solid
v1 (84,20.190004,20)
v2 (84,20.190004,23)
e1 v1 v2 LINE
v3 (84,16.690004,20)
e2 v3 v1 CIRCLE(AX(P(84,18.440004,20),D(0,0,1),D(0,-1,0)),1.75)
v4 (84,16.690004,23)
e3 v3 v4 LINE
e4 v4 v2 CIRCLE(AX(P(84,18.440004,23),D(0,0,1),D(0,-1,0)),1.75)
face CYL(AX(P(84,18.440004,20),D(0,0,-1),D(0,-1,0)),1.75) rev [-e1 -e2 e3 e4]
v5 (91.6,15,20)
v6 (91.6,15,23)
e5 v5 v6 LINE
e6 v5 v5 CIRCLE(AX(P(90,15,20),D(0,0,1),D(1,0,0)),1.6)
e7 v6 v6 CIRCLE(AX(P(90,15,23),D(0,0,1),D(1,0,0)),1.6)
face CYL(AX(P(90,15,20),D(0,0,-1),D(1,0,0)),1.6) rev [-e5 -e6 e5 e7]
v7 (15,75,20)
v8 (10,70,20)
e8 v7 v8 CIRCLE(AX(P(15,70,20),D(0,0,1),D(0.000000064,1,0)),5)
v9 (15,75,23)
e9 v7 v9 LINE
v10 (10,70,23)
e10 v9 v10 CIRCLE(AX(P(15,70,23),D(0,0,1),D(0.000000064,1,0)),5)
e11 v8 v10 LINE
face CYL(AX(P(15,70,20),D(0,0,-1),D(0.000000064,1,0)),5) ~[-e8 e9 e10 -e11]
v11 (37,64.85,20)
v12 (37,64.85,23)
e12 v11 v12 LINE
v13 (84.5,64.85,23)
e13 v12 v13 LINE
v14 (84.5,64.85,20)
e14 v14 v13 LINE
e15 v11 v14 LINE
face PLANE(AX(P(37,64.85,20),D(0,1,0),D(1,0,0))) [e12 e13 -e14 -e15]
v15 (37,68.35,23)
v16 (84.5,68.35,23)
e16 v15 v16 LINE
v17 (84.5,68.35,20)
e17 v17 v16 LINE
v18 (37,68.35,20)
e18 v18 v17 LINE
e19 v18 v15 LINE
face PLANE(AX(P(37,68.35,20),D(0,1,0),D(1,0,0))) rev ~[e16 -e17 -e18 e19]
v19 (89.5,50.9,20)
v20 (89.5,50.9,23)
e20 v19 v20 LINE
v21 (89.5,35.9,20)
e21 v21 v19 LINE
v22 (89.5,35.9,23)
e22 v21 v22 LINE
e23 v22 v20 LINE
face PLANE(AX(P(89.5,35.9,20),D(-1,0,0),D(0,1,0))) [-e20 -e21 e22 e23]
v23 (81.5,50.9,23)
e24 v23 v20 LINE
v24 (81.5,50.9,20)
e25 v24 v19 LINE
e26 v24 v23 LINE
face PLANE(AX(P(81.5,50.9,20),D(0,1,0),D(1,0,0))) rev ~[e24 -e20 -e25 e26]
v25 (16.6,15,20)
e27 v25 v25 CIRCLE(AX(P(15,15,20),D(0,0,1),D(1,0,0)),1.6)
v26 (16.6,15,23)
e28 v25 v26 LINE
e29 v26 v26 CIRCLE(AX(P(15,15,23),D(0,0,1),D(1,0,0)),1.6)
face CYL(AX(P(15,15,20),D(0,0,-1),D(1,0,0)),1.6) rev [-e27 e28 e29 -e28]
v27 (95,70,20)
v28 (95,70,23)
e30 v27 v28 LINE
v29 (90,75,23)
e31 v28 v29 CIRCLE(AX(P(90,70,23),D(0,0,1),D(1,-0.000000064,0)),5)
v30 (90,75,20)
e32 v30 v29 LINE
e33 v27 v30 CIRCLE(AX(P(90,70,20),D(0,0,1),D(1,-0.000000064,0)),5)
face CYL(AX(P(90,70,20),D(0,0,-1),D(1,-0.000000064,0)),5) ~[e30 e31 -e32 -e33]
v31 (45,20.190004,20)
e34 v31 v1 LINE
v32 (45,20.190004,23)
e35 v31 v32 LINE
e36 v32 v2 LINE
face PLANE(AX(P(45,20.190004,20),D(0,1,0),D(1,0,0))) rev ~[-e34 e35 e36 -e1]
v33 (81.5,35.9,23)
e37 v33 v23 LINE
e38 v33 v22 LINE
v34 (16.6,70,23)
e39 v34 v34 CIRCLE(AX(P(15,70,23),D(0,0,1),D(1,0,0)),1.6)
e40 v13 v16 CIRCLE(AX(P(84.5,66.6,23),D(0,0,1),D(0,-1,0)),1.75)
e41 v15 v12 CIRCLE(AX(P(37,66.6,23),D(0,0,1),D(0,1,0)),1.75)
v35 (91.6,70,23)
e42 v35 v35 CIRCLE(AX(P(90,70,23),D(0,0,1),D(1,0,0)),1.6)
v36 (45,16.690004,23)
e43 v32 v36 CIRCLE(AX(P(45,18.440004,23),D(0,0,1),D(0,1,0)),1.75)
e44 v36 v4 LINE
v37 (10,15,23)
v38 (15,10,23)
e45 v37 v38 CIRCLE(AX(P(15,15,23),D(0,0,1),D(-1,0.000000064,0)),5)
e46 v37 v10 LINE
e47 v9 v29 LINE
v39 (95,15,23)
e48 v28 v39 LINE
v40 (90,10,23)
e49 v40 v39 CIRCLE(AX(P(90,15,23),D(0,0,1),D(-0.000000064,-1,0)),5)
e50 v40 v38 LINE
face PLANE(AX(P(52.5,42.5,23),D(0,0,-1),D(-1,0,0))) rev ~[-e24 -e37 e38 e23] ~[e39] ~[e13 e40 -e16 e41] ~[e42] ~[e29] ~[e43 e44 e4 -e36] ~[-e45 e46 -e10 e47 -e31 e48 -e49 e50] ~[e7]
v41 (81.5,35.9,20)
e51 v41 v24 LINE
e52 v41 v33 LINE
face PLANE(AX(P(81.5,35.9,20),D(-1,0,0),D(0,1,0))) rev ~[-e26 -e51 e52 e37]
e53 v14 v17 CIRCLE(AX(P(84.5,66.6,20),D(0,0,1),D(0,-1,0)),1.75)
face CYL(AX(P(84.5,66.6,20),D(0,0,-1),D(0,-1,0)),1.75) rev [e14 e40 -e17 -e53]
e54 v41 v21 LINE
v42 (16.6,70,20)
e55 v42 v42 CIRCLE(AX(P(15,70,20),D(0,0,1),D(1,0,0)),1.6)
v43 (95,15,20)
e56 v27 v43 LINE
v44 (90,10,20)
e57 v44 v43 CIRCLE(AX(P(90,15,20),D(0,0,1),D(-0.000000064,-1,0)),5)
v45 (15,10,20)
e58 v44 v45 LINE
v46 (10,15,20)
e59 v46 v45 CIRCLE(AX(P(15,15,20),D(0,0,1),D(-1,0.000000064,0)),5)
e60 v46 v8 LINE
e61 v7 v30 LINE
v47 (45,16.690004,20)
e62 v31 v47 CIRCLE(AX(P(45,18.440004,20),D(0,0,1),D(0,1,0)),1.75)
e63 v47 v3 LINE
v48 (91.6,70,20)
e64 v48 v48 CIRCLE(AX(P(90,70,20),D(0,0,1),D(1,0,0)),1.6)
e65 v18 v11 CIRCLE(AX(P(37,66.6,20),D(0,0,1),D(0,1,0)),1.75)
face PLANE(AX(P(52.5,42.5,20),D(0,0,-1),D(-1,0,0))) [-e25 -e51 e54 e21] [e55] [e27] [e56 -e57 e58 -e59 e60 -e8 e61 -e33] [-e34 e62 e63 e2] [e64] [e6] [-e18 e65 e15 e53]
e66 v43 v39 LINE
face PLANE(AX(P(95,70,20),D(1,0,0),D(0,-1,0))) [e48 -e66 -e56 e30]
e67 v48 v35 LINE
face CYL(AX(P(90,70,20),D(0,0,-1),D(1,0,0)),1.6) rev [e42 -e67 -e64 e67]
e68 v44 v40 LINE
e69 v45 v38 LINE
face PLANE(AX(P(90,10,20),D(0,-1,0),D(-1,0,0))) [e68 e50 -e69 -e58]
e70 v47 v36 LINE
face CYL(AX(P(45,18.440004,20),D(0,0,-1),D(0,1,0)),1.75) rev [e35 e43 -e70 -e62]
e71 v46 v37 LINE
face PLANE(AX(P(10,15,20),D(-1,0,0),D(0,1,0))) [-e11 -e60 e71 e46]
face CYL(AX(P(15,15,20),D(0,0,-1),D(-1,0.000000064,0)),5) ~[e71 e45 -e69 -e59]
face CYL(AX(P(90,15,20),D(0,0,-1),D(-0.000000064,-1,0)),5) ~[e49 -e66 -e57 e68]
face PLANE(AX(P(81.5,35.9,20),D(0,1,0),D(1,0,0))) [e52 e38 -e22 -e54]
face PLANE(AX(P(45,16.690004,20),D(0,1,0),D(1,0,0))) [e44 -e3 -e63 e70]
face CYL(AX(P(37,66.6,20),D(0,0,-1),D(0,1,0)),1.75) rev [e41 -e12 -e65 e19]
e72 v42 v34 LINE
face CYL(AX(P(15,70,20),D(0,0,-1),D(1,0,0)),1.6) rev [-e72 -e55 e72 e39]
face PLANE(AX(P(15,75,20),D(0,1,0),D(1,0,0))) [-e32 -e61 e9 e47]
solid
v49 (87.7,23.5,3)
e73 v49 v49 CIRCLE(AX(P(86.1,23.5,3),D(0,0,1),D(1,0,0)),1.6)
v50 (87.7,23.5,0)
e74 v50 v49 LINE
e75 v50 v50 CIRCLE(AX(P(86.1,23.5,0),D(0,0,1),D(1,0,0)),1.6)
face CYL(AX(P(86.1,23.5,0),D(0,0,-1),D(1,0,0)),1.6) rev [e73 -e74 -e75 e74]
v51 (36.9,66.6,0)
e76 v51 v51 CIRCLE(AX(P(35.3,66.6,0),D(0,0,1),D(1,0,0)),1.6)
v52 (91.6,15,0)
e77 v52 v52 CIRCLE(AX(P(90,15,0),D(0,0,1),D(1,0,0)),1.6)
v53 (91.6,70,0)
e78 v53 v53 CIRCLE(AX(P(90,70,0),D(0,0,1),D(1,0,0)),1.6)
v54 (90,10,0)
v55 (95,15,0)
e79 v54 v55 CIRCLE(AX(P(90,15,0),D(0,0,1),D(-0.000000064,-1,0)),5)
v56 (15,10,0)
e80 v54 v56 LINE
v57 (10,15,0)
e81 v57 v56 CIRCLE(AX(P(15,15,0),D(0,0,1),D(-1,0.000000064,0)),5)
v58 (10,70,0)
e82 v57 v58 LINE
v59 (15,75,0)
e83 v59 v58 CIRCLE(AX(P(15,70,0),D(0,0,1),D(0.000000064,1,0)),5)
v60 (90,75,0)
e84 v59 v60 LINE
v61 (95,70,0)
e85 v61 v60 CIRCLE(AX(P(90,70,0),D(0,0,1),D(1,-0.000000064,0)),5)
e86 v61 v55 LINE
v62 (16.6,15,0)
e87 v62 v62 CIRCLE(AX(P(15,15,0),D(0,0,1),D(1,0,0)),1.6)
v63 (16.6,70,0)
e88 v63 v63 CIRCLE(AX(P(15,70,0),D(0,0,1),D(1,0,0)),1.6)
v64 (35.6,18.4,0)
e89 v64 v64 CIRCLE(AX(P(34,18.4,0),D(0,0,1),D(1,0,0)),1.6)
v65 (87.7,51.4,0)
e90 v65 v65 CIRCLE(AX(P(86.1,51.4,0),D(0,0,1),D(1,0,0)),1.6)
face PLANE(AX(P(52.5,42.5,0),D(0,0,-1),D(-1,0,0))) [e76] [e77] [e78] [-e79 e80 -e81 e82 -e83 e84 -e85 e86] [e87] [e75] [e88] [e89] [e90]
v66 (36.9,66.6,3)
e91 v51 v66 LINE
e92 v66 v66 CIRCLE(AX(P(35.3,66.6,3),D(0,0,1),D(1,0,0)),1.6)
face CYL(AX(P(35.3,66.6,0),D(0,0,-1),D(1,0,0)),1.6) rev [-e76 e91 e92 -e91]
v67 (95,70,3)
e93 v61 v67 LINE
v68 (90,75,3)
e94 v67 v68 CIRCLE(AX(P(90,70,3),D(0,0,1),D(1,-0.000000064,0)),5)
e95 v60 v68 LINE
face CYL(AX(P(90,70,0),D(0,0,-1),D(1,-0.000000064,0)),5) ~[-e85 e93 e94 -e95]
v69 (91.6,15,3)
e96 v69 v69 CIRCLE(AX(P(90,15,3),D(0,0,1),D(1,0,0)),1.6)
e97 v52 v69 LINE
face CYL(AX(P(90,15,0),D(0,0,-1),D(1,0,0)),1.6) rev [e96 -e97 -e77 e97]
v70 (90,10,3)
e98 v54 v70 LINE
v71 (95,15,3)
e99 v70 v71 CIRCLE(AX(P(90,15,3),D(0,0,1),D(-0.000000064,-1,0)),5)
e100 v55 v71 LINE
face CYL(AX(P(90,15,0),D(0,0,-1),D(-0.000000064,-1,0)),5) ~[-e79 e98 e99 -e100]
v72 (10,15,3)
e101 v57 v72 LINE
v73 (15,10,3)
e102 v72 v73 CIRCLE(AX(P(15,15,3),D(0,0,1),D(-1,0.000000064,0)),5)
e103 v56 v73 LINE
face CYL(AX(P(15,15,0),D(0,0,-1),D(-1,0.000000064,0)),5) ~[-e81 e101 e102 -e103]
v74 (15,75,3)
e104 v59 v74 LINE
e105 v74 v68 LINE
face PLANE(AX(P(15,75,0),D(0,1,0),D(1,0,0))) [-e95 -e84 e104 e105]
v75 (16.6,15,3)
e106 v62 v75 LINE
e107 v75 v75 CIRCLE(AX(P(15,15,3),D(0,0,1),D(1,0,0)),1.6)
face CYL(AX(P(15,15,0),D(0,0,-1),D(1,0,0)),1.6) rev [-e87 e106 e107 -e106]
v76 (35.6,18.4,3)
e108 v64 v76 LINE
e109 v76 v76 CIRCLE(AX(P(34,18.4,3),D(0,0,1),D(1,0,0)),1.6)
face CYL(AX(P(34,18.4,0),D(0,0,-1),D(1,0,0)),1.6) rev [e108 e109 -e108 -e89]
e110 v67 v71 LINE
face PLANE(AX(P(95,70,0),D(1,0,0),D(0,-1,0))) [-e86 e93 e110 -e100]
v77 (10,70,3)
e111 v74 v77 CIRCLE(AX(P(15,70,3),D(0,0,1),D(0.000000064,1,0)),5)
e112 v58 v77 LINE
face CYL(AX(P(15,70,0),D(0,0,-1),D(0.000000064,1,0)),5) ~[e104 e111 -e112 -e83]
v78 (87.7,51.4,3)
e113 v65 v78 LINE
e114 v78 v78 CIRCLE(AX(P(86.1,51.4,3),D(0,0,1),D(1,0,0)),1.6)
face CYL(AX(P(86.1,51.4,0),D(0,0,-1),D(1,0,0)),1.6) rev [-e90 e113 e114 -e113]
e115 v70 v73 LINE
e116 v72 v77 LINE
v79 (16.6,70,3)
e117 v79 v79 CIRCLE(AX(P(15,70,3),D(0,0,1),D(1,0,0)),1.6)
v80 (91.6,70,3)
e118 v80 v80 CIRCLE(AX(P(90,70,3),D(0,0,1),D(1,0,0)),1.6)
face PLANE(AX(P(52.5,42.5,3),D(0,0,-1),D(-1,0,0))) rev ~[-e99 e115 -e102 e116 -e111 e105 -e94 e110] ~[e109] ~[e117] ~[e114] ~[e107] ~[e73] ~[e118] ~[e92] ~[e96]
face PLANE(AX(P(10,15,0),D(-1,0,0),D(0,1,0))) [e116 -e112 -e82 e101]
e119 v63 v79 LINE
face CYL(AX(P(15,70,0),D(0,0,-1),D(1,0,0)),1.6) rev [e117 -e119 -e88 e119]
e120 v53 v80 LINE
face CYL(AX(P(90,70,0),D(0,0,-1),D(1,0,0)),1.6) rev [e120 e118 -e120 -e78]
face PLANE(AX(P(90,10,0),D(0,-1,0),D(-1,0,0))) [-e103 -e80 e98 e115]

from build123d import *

# Parameters (mm, degrees)
SKETCH_R     = 1.6
PAD_DEPTH    = 3
SKETCH001_R  = 1.6
SKETCH001_W  = 8
SKETCH001_H  = 15
PAD001_DEPTH = 3


with BuildPart() as bottom:
    # Sketch → Pad (new body)
    with BuildSketch(Plane.XY):
        with BuildLine():
            Line((15, 75), (90, 75))
            ThreePointArc((95, 70), (93.535534, 73.535534), (90, 75))
            Line((95, 70), (95, 15))
            ThreePointArc((90, 10), (93.535534, 11.464466), (95, 15))
            Line((90, 10), (15, 10))
            ThreePointArc((10, 15), (11.464466, 11.464466), (15, 10))
            Line((10, 15), (10, 70))
            ThreePointArc((15, 75), (11.464466, 73.535534), (10, 70))
        make_face()
        with Locations((15, 70)):
            Circle(SKETCH_R, mode=Mode.SUBTRACT)
        with Locations((90, 70)):
            Circle(SKETCH_R, mode=Mode.SUBTRACT)
        with Locations((15, 15)):
            Circle(SKETCH_R, mode=Mode.SUBTRACT)
        with Locations((90, 15)):
            Circle(SKETCH_R, mode=Mode.SUBTRACT)
        with Locations((35.3, 66.6)):
            Circle(SKETCH_R, mode=Mode.SUBTRACT)
        with Locations((34, 18.4)):
            Circle(SKETCH_R, mode=Mode.SUBTRACT)
        with Locations((86.1, 23.5)):
            Circle(SKETCH_R, mode=Mode.SUBTRACT)
        with Locations((86.1, 51.4)):
            Circle(SKETCH_R, mode=Mode.SUBTRACT)
    extrude(amount=PAD_DEPTH)


with BuildPart() as top:
    # Sketch001 → Pad001 (new body)
    with BuildSketch(Plane.XY.offset(20)):
        with BuildLine():
            Line((15, 75), (90, 75))
            ThreePointArc((95, 70), (93.535534, 73.535534), (90, 75))
            Line((95, 70), (95, 15))
            ThreePointArc((90, 10), (93.535534, 11.464466), (95, 15))
            Line((90, 10), (15, 10))
            ThreePointArc((10, 15), (11.464466, 11.464466), (15, 10))
            Line((10, 15), (10, 70))
            ThreePointArc((15, 75), (11.464466, 73.535534), (10, 70))
        make_face()
        with Locations((15, 70)):
            Circle(SKETCH001_R, mode=Mode.SUBTRACT)
        with Locations((90, 70)):
            Circle(SKETCH001_R, mode=Mode.SUBTRACT)
        with Locations((15, 15)):
            Circle(SKETCH001_R, mode=Mode.SUBTRACT)
        with Locations((90, 15)):
            Circle(SKETCH001_R, mode=Mode.SUBTRACT)
        with BuildLine():
            Line((45, 20.190004), (84, 20.190004))
            ThreePointArc((84, 16.690004), (85.75, 18.440004), (84, 20.190004))
            Line((45, 16.690004), (84, 16.690004))
            ThreePointArc((45, 20.190004), (43.25, 18.440004), (45, 16.690004))
        make_face(mode=Mode.SUBTRACT)
        with BuildLine():
            Line((37, 68.35), (84.5, 68.35))
            ThreePointArc((84.5, 64.85), (86.25, 66.6), (84.5, 68.35))
            Line((37, 64.85), (84.5, 64.85))
            ThreePointArc((37, 68.35), (35.25, 66.6), (37, 64.85))
        make_face(mode=Mode.SUBTRACT)
        with Locations((85.5, 43.4)):
            Rectangle(SKETCH001_W, SKETCH001_H, mode=Mode.SUBTRACT)
    extrude(amount=PAD001_DEPTH)


solid = Compound([bottom.part, top.part])
